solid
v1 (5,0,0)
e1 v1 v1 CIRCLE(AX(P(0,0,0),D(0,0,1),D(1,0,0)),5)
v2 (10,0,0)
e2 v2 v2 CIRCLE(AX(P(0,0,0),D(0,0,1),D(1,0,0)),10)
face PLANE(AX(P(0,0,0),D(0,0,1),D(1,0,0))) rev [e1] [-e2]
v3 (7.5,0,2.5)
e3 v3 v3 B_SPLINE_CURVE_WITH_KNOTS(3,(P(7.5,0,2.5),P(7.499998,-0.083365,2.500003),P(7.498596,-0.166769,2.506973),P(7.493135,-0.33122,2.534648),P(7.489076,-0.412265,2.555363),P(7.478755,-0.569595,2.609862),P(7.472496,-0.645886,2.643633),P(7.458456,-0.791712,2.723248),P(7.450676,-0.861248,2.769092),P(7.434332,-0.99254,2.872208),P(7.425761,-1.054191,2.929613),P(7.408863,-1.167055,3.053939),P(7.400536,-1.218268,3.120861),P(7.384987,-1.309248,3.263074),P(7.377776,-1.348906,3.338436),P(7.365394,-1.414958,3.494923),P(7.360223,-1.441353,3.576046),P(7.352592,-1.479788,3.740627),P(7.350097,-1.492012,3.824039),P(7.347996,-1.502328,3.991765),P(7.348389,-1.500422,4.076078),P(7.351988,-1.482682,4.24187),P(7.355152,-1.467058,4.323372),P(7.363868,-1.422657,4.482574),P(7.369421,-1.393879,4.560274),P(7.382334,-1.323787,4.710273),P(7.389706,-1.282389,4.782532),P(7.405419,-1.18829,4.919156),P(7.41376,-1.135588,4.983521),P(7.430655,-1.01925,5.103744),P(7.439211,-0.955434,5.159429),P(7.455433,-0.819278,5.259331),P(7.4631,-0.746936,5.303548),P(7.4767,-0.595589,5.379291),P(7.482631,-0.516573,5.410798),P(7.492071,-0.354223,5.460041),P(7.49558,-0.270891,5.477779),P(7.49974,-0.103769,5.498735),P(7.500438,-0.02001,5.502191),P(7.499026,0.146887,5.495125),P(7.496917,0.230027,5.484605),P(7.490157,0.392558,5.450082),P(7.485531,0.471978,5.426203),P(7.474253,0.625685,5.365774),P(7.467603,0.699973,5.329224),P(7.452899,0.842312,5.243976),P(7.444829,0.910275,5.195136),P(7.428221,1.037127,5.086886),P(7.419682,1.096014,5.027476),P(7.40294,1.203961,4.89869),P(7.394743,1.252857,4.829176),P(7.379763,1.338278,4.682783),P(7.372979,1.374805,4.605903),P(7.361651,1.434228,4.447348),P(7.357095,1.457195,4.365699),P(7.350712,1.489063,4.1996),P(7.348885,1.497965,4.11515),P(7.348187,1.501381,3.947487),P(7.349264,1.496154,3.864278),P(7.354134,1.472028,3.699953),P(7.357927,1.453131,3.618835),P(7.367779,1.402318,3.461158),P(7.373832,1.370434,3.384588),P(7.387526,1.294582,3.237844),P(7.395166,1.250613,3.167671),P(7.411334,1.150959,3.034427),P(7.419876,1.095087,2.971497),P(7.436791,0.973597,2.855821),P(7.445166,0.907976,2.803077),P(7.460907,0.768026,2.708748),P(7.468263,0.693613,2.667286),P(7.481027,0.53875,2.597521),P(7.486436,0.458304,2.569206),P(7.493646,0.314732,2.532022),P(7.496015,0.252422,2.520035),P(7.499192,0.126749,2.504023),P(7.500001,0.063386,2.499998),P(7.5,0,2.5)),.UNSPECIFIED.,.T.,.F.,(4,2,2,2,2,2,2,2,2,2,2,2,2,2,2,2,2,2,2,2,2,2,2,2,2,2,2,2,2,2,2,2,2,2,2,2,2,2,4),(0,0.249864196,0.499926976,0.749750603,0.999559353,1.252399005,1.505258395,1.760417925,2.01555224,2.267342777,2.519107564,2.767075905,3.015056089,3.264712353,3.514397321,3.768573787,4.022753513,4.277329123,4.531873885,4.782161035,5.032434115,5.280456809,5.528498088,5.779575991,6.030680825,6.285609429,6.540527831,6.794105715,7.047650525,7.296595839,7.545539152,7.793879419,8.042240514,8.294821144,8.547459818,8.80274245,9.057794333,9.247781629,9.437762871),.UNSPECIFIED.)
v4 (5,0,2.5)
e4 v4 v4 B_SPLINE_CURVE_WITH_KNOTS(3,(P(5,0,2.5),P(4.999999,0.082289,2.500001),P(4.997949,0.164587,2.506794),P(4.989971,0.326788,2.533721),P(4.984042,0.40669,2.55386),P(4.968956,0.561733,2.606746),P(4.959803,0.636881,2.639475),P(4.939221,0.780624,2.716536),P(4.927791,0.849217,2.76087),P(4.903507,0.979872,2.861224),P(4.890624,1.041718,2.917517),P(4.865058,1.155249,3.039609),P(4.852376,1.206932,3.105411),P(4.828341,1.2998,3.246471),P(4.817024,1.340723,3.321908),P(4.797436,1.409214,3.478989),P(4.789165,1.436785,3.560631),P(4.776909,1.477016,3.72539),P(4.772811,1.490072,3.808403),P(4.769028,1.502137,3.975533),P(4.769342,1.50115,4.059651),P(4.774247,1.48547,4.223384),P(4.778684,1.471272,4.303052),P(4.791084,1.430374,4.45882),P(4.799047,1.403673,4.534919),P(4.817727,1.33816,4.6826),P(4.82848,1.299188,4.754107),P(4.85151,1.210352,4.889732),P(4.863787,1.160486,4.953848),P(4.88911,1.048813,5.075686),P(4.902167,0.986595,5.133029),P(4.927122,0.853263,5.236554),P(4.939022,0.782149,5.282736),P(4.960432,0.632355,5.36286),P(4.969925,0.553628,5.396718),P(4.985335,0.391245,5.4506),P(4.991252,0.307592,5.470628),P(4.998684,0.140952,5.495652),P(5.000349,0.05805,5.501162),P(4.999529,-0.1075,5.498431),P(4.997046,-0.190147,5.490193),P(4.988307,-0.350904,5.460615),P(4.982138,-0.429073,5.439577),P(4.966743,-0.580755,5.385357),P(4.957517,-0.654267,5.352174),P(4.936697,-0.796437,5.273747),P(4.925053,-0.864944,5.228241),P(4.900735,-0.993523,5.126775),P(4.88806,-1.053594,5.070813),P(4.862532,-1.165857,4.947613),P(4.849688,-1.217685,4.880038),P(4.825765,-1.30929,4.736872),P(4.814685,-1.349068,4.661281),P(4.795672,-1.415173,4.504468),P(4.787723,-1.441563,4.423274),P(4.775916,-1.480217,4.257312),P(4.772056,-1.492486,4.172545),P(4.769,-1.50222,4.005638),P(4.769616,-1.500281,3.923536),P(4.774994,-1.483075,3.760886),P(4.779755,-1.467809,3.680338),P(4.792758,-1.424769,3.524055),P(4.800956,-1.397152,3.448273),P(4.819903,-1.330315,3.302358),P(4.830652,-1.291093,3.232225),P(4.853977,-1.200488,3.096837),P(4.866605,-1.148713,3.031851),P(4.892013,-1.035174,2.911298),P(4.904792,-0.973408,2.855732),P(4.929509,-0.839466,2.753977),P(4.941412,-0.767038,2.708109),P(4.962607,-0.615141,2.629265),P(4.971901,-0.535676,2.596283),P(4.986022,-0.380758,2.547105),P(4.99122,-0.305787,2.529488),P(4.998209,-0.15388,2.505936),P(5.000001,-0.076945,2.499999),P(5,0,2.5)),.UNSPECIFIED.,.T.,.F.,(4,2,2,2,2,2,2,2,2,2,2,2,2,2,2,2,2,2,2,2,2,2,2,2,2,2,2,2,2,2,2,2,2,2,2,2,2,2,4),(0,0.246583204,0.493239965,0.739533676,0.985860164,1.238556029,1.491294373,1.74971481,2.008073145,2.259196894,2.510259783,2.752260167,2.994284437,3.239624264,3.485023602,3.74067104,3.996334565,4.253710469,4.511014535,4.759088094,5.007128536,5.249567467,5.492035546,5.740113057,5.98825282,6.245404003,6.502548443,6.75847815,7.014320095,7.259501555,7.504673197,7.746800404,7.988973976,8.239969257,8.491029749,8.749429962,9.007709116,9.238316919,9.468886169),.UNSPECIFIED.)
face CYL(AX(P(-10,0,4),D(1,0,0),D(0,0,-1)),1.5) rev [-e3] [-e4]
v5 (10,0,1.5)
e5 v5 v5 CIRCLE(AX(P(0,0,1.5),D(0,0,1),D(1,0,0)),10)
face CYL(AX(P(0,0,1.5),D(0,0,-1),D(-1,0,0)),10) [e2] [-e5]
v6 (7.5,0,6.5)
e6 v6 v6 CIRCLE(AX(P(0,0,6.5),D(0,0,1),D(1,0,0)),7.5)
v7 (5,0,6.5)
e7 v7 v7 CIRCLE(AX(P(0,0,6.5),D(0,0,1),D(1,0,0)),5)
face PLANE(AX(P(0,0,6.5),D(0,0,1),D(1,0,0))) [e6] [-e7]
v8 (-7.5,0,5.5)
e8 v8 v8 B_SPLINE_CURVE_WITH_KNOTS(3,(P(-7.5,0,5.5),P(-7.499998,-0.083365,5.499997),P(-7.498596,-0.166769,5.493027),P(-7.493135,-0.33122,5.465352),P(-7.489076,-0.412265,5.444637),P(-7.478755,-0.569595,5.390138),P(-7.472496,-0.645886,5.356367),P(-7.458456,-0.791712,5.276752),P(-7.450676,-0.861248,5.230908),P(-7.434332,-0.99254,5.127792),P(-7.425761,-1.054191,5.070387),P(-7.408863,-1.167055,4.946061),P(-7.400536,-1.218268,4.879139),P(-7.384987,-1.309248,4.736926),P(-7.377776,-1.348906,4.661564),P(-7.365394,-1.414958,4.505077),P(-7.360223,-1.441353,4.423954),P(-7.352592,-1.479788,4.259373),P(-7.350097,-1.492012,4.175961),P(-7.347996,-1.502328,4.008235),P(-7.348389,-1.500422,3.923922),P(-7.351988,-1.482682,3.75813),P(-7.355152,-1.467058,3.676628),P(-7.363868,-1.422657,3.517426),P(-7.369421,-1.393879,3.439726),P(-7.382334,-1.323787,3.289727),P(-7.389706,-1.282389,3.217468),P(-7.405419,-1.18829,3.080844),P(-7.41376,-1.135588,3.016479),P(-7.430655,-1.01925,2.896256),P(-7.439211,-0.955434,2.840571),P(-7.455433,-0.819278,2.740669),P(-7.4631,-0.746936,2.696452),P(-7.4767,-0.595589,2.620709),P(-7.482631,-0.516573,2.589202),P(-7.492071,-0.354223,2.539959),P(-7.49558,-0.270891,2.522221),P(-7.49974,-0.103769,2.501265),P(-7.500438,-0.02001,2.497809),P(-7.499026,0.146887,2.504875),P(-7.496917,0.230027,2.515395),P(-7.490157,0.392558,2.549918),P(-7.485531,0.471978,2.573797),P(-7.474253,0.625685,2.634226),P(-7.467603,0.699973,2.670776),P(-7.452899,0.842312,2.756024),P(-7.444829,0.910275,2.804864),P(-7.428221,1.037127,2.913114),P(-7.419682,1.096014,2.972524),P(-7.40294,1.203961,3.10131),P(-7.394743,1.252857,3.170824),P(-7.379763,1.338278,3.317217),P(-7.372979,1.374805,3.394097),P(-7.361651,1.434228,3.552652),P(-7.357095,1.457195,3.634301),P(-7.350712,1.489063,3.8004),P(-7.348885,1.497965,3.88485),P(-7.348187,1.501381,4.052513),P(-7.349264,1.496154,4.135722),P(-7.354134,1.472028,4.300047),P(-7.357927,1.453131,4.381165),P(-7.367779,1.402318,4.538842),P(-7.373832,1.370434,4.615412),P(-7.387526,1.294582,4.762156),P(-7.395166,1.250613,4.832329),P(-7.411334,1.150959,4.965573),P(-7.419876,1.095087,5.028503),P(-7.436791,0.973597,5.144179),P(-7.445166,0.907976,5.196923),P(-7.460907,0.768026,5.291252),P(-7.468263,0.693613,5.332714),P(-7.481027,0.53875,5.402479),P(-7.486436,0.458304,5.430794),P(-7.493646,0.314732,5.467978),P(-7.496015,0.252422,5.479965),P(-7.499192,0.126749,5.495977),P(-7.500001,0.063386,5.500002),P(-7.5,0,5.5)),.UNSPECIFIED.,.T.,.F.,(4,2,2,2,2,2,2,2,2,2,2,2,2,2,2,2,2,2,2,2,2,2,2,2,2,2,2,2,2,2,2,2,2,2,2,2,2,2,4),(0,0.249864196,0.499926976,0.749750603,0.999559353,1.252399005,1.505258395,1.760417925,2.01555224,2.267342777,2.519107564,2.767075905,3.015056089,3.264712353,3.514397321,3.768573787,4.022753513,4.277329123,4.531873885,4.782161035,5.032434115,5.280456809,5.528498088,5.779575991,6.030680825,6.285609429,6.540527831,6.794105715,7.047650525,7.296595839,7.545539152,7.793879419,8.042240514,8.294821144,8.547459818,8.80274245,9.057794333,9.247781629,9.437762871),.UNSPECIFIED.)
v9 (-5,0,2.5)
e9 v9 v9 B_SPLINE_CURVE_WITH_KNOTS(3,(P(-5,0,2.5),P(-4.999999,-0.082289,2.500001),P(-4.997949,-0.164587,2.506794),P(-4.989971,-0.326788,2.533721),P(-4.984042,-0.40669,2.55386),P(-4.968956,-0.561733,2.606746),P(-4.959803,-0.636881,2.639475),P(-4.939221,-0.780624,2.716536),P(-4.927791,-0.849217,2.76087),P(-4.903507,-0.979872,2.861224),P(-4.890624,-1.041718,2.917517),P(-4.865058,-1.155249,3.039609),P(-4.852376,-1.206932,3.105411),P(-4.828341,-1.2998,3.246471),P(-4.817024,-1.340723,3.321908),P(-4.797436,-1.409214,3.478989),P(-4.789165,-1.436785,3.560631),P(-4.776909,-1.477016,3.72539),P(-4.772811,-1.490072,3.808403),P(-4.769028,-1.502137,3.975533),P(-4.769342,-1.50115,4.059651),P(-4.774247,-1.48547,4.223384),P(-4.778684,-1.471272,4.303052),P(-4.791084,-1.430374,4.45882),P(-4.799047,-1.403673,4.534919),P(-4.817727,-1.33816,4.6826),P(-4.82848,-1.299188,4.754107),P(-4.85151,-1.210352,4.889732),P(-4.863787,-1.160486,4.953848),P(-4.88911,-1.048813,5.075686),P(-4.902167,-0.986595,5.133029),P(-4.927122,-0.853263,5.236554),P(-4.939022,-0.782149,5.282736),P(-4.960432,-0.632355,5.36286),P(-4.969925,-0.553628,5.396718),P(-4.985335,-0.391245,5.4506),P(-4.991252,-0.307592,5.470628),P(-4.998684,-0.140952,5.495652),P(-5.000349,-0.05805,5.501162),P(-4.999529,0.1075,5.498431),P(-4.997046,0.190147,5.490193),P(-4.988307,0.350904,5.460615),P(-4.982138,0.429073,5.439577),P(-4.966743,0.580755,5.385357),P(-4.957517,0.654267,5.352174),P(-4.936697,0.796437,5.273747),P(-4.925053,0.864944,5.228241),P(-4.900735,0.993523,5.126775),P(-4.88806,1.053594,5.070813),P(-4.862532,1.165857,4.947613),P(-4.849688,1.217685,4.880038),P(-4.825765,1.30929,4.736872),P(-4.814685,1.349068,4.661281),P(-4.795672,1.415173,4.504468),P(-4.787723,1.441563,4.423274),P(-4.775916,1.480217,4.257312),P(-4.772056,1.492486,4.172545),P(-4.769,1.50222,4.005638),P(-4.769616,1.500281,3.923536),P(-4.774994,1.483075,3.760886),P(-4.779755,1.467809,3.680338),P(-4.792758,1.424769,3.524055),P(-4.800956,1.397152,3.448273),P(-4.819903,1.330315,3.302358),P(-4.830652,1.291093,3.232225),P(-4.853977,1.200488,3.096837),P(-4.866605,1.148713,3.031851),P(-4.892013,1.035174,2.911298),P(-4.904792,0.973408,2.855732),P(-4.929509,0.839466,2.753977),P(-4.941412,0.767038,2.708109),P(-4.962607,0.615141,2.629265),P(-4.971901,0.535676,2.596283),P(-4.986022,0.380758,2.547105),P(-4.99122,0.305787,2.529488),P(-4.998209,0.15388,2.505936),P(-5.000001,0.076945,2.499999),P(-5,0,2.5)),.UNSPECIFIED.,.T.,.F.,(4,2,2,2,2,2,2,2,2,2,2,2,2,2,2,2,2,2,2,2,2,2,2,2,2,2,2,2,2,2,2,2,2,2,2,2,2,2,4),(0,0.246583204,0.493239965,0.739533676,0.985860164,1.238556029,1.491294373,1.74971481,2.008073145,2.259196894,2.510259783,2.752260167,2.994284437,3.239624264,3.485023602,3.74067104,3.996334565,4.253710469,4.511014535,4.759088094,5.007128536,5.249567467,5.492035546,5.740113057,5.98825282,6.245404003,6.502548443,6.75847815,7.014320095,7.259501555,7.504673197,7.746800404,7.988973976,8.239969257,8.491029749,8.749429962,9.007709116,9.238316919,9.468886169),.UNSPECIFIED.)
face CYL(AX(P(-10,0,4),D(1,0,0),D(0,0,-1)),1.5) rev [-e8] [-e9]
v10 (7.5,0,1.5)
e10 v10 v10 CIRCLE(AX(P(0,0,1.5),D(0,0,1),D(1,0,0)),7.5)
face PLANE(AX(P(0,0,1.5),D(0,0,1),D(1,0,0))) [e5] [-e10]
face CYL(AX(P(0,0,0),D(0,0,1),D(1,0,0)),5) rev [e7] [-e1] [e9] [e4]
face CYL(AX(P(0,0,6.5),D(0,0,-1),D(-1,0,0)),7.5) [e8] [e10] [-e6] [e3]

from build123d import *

# Parameters (mm, degrees)
SKETCH_1_R          = 10
EXTRUDE_1_DEPTH     = 1.5
SKETCH_2_R          = 7.5
EXTRUDE_2_DEPTH     = 5
SKETCH_3_R          = 5
CUT_EXTRUDE_1_DEPTH = 16.564382416
SKETCH_4_R          = 1.5
CUT_EXTRUDE_2_DEPTH = 22.177818585


with BuildPart() as part:
    # 草图1 → 凸台-拉伸1 (new body)
    with BuildSketch(Plane.XY):
        Circle(SKETCH_1_R)
    extrude(amount=EXTRUDE_1_DEPTH)

    # 草图2 → 凸台-拉伸2 (add)
    with BuildSketch(Plane.XY.offset(1.5)):
        Circle(SKETCH_2_R)
    extrude(amount=EXTRUDE_2_DEPTH)

    # 草图3 → 切除-拉伸1 (cut, through all)
    with BuildSketch(Plane.XY.offset(6.5)):
        Circle(SKETCH_3_R)
    extrude(amount=-CUT_EXTRUDE_1_DEPTH, mode=Mode.SUBTRACT)

    # 草图4 → 切除-拉伸2 (cut, through all)
    with BuildSketch(Plane(origin=(7.5, 0, 0), x_dir=(0, 0, -1), z_dir=(1, 0, 0))):
        with Locations((-4, 0)):
            Circle(SKETCH_4_R)
    extrude(amount=-CUT_EXTRUDE_2_DEPTH, mode=Mode.SUBTRACT)


solid = part.part
